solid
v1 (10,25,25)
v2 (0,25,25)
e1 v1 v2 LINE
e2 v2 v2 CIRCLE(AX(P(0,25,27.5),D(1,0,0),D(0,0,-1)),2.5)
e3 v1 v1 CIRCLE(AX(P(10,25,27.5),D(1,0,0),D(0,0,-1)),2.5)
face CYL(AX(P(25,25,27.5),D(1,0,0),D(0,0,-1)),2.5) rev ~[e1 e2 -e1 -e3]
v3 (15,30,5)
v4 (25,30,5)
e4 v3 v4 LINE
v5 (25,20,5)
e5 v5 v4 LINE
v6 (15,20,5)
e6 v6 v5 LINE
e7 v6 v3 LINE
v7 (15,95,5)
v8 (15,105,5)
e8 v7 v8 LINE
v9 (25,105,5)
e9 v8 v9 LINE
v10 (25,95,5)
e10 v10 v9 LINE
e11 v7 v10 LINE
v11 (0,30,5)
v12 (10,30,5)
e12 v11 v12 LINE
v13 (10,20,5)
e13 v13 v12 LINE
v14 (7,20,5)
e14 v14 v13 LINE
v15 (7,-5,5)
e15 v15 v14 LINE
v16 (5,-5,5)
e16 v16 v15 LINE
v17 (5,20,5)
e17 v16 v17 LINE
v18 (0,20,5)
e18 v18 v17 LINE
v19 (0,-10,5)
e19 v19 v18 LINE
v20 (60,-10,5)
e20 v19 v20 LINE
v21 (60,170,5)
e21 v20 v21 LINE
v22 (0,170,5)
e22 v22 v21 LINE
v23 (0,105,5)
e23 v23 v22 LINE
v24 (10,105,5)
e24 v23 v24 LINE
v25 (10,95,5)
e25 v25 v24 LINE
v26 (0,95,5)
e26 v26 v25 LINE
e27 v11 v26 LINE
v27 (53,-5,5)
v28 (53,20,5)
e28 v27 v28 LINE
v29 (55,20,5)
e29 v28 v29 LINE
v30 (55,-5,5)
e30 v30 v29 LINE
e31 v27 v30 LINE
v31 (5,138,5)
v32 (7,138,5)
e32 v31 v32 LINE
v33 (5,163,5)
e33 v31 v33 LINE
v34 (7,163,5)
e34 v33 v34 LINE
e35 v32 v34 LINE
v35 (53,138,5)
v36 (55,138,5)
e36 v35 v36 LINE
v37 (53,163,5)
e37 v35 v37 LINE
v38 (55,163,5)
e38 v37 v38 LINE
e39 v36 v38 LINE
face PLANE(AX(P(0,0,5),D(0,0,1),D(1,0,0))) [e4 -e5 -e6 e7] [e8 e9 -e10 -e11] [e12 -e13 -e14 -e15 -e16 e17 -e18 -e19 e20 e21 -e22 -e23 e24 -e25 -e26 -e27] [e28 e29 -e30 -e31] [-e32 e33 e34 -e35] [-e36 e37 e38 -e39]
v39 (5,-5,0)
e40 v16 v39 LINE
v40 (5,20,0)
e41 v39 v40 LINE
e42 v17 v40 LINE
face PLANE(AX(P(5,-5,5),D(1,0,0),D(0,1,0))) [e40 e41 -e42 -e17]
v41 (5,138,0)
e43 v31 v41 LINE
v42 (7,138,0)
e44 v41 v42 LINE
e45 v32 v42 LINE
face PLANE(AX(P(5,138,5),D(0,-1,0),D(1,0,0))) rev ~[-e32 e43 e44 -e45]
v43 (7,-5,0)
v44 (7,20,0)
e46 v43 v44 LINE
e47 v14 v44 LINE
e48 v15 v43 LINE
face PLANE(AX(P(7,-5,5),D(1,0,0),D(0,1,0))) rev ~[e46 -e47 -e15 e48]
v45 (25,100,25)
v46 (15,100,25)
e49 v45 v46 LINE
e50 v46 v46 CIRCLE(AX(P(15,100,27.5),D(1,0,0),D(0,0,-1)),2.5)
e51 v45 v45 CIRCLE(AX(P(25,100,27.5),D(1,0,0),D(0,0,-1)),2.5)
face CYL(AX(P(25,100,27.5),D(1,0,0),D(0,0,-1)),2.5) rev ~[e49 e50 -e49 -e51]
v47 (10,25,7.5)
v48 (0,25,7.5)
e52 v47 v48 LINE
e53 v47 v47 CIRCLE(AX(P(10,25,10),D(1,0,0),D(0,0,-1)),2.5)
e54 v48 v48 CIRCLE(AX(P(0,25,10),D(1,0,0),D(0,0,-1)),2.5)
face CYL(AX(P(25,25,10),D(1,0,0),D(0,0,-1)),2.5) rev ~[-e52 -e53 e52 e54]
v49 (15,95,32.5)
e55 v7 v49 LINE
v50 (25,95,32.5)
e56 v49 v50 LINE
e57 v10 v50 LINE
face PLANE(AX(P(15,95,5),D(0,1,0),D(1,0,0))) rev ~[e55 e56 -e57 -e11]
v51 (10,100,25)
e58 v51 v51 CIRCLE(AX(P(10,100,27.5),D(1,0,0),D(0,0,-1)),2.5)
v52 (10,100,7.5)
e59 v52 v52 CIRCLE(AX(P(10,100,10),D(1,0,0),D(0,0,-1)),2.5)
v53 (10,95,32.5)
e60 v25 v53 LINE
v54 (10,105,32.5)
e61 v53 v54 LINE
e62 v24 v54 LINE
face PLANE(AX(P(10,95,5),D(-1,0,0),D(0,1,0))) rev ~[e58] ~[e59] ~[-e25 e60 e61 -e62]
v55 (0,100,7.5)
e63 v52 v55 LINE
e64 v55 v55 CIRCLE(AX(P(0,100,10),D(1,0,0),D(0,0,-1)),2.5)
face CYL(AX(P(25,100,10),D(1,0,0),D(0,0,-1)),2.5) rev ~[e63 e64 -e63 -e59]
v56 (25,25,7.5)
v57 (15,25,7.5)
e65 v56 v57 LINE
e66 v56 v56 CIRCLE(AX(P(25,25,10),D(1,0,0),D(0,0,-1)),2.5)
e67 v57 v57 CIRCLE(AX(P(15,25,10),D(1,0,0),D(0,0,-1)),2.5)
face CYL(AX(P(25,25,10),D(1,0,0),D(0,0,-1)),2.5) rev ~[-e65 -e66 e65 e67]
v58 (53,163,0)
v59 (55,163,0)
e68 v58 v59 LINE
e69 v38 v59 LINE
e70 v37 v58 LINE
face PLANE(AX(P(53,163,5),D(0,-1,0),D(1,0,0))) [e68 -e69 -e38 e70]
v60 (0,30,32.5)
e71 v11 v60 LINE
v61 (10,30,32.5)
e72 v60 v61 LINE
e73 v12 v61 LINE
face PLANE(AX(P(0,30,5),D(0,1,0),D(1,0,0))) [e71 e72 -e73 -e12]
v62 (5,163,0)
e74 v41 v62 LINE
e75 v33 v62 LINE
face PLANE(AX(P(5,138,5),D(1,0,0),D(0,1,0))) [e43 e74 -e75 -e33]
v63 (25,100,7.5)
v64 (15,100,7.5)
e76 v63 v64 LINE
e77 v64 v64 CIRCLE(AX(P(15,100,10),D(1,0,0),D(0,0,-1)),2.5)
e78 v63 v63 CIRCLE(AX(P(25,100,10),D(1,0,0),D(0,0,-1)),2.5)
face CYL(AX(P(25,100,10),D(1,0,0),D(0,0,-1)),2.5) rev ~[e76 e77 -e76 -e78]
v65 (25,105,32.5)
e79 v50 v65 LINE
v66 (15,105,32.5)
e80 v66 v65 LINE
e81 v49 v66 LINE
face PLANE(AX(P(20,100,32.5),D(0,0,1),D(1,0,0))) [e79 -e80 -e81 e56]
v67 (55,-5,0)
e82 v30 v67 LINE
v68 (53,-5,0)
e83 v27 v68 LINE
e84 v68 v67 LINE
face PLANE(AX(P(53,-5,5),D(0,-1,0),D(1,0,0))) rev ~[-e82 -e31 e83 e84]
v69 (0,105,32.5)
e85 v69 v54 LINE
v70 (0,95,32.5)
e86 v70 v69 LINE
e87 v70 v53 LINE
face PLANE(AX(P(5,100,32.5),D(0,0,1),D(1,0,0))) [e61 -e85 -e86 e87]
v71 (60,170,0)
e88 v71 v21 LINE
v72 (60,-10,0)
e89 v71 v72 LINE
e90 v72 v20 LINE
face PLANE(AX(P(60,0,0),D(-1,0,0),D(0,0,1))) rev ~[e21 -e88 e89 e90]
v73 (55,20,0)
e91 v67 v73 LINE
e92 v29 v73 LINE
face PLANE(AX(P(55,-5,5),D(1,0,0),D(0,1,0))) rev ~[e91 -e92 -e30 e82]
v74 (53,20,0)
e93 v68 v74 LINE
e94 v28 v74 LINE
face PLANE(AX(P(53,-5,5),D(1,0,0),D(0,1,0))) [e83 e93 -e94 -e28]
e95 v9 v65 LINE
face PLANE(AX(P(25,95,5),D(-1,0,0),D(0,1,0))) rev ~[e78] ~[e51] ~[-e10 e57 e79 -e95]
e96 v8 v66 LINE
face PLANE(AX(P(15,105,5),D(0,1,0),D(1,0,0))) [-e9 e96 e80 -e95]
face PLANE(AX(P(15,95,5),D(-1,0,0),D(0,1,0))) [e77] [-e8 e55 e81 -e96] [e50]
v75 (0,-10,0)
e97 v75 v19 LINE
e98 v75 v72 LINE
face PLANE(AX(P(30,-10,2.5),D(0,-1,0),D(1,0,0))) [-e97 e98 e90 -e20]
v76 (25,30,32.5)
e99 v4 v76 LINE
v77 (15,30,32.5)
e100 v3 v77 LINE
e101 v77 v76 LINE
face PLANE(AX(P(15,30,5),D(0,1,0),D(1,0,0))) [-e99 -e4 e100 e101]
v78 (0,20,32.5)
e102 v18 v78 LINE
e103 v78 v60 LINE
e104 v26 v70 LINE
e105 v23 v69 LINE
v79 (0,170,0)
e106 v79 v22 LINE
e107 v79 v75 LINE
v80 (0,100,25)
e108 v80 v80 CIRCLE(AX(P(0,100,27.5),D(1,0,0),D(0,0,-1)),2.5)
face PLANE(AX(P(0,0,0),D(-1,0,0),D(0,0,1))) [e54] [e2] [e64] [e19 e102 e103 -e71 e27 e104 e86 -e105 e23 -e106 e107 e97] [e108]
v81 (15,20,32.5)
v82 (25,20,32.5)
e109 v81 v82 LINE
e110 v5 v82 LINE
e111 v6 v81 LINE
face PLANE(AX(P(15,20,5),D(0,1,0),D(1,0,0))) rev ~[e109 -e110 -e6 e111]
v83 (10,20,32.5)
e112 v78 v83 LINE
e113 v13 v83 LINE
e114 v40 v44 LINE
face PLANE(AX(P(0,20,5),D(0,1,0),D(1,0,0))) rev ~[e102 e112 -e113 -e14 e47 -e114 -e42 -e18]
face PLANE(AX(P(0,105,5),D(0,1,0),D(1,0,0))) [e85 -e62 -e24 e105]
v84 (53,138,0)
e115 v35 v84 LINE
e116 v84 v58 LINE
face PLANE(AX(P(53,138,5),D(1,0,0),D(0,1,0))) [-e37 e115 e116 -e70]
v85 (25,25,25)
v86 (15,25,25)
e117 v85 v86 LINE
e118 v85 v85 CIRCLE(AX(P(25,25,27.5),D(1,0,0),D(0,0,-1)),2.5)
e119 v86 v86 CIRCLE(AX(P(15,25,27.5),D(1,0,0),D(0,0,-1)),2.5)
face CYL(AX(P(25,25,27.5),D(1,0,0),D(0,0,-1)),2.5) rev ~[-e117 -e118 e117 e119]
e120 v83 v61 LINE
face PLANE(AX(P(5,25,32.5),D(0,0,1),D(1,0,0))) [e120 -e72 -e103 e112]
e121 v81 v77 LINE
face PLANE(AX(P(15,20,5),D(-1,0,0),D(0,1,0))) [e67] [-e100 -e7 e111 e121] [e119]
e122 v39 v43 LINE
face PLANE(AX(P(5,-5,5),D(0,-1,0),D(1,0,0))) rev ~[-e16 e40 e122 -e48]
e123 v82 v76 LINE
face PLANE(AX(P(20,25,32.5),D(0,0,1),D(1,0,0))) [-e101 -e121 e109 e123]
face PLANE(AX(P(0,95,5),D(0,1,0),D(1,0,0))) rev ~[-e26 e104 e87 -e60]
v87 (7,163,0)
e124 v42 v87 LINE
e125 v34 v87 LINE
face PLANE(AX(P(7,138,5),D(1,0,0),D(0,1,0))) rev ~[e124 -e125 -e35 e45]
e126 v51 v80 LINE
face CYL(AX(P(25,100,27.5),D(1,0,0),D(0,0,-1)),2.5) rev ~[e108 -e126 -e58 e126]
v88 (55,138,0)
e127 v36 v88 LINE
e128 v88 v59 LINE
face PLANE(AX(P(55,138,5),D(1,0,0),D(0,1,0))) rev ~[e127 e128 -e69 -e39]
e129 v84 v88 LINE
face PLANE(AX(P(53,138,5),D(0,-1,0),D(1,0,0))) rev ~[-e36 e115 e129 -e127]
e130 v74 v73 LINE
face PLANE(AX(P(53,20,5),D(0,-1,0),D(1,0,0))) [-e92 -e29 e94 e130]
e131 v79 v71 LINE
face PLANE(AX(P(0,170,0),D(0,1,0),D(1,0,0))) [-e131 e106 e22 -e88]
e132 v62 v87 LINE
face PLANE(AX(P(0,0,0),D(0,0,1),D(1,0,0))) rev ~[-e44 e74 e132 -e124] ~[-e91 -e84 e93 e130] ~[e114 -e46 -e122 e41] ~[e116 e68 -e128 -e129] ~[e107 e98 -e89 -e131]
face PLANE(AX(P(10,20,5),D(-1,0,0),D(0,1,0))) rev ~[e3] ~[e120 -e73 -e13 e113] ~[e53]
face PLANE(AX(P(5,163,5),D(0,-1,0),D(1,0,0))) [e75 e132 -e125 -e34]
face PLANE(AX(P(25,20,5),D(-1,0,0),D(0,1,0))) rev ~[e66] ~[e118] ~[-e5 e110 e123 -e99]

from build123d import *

# Parameters (mm, degrees)
CROQUIS1_W              = 60
CROQUIS1_H              = 170
SALIENTE_EXTRUIR1_DEPTH = 5
CROQUIS2_W              = 10
CROQUIS2_H              = 10
SALIENTE_EXTRUIR2_DEPTH = 27.5
CROQUIS3_R              = 2.5
CORTAR_EXTRUIR1_DEPTH   = 27.5
CROQUIS4_W              = 2
CROQUIS4_H              = 25
CORTAR_EXTRUIR2_DEPTH   = 27.5
CROQUIS6_W              = 60
CROQUIS6_H              = 5
SALIENTE_EXTRUIR3_DEPTH = 10
CROQUIS7_W              = 2
CROQUIS7_H              = 25
CORTAR_EXTRUIR3_DEPTH   = 10


with BuildPart() as part:
    # Croquis1 → Saliente-Extruir1 (new body)
    with BuildSketch(Plane.XY):
        with Locations((30, 85)):
            Rectangle(CROQUIS1_W, CROQUIS1_H)
    extrude(amount=SALIENTE_EXTRUIR1_DEPTH)

    # Croquis2 → Saliente-Extruir2 (add)
    with BuildSketch(Plane.XY.offset(5)):
        with Locations((20, 100)):
            Rectangle(CROQUIS2_W, CROQUIS2_H)
        with Locations((5, 100)):
            Rectangle(CROQUIS2_W, CROQUIS2_H)
        with Locations((20, 25)):
            Rectangle(CROQUIS2_W, CROQUIS2_H)
        with Locations((5, 25)):
            Rectangle(CROQUIS2_W, CROQUIS2_H)
    extrude(amount=SALIENTE_EXTRUIR2_DEPTH)

    # Croquis3 → Cortar-Extruir1 (cut)
    with BuildSketch(Plane(origin=(25, 0, 0), x_dir=(0, 0, -1), z_dir=(1, 0, 0))):
        with Locations((-27.5, 100)):
            Circle(CROQUIS3_R)
        with Locations((-10, 100)):
            Circle(CROQUIS3_R)
        with Locations((-27.5, 25)):
            Circle(CROQUIS3_R)
        with Locations((-10, 25)):
            Circle(CROQUIS3_R)
    extrude(amount=-CORTAR_EXTRUIR1_DEPTH, mode=Mode.SUBTRACT)

    # Croquis4 → Cortar-Extruir2 (cut)
    with BuildSketch(Plane.XY.offset(5)):
        with Locations((6, 150.5)):
            Rectangle(CROQUIS4_W, CROQUIS4_H)
        with Locations((54, 150.5)):
            Rectangle(CROQUIS4_W, CROQUIS4_H)
    extrude(amount=-CORTAR_EXTRUIR2_DEPTH, mode=Mode.SUBTRACT)

    # Croquis6 → Saliente-Extruir3 (add)
    with BuildSketch(Plane.XZ):
        with Locations((30, 2.5)):
            Rectangle(CROQUIS6_W, CROQUIS6_H)
    extrude(amount=SALIENTE_EXTRUIR3_DEPTH)

    # Croquis7 → Cortar-Extruir3 (cut)
    with BuildSketch(Plane.XY.offset(5)):
        with Locations((6, 7.5)):
            Rectangle(CROQUIS7_W, CROQUIS7_H)
        with Locations((54, 7.5)):
            Rectangle(CROQUIS7_W, CROQUIS7_H)
    extrude(amount=-CORTAR_EXTRUIR3_DEPTH, mode=Mode.SUBTRACT)


solid = part.part
